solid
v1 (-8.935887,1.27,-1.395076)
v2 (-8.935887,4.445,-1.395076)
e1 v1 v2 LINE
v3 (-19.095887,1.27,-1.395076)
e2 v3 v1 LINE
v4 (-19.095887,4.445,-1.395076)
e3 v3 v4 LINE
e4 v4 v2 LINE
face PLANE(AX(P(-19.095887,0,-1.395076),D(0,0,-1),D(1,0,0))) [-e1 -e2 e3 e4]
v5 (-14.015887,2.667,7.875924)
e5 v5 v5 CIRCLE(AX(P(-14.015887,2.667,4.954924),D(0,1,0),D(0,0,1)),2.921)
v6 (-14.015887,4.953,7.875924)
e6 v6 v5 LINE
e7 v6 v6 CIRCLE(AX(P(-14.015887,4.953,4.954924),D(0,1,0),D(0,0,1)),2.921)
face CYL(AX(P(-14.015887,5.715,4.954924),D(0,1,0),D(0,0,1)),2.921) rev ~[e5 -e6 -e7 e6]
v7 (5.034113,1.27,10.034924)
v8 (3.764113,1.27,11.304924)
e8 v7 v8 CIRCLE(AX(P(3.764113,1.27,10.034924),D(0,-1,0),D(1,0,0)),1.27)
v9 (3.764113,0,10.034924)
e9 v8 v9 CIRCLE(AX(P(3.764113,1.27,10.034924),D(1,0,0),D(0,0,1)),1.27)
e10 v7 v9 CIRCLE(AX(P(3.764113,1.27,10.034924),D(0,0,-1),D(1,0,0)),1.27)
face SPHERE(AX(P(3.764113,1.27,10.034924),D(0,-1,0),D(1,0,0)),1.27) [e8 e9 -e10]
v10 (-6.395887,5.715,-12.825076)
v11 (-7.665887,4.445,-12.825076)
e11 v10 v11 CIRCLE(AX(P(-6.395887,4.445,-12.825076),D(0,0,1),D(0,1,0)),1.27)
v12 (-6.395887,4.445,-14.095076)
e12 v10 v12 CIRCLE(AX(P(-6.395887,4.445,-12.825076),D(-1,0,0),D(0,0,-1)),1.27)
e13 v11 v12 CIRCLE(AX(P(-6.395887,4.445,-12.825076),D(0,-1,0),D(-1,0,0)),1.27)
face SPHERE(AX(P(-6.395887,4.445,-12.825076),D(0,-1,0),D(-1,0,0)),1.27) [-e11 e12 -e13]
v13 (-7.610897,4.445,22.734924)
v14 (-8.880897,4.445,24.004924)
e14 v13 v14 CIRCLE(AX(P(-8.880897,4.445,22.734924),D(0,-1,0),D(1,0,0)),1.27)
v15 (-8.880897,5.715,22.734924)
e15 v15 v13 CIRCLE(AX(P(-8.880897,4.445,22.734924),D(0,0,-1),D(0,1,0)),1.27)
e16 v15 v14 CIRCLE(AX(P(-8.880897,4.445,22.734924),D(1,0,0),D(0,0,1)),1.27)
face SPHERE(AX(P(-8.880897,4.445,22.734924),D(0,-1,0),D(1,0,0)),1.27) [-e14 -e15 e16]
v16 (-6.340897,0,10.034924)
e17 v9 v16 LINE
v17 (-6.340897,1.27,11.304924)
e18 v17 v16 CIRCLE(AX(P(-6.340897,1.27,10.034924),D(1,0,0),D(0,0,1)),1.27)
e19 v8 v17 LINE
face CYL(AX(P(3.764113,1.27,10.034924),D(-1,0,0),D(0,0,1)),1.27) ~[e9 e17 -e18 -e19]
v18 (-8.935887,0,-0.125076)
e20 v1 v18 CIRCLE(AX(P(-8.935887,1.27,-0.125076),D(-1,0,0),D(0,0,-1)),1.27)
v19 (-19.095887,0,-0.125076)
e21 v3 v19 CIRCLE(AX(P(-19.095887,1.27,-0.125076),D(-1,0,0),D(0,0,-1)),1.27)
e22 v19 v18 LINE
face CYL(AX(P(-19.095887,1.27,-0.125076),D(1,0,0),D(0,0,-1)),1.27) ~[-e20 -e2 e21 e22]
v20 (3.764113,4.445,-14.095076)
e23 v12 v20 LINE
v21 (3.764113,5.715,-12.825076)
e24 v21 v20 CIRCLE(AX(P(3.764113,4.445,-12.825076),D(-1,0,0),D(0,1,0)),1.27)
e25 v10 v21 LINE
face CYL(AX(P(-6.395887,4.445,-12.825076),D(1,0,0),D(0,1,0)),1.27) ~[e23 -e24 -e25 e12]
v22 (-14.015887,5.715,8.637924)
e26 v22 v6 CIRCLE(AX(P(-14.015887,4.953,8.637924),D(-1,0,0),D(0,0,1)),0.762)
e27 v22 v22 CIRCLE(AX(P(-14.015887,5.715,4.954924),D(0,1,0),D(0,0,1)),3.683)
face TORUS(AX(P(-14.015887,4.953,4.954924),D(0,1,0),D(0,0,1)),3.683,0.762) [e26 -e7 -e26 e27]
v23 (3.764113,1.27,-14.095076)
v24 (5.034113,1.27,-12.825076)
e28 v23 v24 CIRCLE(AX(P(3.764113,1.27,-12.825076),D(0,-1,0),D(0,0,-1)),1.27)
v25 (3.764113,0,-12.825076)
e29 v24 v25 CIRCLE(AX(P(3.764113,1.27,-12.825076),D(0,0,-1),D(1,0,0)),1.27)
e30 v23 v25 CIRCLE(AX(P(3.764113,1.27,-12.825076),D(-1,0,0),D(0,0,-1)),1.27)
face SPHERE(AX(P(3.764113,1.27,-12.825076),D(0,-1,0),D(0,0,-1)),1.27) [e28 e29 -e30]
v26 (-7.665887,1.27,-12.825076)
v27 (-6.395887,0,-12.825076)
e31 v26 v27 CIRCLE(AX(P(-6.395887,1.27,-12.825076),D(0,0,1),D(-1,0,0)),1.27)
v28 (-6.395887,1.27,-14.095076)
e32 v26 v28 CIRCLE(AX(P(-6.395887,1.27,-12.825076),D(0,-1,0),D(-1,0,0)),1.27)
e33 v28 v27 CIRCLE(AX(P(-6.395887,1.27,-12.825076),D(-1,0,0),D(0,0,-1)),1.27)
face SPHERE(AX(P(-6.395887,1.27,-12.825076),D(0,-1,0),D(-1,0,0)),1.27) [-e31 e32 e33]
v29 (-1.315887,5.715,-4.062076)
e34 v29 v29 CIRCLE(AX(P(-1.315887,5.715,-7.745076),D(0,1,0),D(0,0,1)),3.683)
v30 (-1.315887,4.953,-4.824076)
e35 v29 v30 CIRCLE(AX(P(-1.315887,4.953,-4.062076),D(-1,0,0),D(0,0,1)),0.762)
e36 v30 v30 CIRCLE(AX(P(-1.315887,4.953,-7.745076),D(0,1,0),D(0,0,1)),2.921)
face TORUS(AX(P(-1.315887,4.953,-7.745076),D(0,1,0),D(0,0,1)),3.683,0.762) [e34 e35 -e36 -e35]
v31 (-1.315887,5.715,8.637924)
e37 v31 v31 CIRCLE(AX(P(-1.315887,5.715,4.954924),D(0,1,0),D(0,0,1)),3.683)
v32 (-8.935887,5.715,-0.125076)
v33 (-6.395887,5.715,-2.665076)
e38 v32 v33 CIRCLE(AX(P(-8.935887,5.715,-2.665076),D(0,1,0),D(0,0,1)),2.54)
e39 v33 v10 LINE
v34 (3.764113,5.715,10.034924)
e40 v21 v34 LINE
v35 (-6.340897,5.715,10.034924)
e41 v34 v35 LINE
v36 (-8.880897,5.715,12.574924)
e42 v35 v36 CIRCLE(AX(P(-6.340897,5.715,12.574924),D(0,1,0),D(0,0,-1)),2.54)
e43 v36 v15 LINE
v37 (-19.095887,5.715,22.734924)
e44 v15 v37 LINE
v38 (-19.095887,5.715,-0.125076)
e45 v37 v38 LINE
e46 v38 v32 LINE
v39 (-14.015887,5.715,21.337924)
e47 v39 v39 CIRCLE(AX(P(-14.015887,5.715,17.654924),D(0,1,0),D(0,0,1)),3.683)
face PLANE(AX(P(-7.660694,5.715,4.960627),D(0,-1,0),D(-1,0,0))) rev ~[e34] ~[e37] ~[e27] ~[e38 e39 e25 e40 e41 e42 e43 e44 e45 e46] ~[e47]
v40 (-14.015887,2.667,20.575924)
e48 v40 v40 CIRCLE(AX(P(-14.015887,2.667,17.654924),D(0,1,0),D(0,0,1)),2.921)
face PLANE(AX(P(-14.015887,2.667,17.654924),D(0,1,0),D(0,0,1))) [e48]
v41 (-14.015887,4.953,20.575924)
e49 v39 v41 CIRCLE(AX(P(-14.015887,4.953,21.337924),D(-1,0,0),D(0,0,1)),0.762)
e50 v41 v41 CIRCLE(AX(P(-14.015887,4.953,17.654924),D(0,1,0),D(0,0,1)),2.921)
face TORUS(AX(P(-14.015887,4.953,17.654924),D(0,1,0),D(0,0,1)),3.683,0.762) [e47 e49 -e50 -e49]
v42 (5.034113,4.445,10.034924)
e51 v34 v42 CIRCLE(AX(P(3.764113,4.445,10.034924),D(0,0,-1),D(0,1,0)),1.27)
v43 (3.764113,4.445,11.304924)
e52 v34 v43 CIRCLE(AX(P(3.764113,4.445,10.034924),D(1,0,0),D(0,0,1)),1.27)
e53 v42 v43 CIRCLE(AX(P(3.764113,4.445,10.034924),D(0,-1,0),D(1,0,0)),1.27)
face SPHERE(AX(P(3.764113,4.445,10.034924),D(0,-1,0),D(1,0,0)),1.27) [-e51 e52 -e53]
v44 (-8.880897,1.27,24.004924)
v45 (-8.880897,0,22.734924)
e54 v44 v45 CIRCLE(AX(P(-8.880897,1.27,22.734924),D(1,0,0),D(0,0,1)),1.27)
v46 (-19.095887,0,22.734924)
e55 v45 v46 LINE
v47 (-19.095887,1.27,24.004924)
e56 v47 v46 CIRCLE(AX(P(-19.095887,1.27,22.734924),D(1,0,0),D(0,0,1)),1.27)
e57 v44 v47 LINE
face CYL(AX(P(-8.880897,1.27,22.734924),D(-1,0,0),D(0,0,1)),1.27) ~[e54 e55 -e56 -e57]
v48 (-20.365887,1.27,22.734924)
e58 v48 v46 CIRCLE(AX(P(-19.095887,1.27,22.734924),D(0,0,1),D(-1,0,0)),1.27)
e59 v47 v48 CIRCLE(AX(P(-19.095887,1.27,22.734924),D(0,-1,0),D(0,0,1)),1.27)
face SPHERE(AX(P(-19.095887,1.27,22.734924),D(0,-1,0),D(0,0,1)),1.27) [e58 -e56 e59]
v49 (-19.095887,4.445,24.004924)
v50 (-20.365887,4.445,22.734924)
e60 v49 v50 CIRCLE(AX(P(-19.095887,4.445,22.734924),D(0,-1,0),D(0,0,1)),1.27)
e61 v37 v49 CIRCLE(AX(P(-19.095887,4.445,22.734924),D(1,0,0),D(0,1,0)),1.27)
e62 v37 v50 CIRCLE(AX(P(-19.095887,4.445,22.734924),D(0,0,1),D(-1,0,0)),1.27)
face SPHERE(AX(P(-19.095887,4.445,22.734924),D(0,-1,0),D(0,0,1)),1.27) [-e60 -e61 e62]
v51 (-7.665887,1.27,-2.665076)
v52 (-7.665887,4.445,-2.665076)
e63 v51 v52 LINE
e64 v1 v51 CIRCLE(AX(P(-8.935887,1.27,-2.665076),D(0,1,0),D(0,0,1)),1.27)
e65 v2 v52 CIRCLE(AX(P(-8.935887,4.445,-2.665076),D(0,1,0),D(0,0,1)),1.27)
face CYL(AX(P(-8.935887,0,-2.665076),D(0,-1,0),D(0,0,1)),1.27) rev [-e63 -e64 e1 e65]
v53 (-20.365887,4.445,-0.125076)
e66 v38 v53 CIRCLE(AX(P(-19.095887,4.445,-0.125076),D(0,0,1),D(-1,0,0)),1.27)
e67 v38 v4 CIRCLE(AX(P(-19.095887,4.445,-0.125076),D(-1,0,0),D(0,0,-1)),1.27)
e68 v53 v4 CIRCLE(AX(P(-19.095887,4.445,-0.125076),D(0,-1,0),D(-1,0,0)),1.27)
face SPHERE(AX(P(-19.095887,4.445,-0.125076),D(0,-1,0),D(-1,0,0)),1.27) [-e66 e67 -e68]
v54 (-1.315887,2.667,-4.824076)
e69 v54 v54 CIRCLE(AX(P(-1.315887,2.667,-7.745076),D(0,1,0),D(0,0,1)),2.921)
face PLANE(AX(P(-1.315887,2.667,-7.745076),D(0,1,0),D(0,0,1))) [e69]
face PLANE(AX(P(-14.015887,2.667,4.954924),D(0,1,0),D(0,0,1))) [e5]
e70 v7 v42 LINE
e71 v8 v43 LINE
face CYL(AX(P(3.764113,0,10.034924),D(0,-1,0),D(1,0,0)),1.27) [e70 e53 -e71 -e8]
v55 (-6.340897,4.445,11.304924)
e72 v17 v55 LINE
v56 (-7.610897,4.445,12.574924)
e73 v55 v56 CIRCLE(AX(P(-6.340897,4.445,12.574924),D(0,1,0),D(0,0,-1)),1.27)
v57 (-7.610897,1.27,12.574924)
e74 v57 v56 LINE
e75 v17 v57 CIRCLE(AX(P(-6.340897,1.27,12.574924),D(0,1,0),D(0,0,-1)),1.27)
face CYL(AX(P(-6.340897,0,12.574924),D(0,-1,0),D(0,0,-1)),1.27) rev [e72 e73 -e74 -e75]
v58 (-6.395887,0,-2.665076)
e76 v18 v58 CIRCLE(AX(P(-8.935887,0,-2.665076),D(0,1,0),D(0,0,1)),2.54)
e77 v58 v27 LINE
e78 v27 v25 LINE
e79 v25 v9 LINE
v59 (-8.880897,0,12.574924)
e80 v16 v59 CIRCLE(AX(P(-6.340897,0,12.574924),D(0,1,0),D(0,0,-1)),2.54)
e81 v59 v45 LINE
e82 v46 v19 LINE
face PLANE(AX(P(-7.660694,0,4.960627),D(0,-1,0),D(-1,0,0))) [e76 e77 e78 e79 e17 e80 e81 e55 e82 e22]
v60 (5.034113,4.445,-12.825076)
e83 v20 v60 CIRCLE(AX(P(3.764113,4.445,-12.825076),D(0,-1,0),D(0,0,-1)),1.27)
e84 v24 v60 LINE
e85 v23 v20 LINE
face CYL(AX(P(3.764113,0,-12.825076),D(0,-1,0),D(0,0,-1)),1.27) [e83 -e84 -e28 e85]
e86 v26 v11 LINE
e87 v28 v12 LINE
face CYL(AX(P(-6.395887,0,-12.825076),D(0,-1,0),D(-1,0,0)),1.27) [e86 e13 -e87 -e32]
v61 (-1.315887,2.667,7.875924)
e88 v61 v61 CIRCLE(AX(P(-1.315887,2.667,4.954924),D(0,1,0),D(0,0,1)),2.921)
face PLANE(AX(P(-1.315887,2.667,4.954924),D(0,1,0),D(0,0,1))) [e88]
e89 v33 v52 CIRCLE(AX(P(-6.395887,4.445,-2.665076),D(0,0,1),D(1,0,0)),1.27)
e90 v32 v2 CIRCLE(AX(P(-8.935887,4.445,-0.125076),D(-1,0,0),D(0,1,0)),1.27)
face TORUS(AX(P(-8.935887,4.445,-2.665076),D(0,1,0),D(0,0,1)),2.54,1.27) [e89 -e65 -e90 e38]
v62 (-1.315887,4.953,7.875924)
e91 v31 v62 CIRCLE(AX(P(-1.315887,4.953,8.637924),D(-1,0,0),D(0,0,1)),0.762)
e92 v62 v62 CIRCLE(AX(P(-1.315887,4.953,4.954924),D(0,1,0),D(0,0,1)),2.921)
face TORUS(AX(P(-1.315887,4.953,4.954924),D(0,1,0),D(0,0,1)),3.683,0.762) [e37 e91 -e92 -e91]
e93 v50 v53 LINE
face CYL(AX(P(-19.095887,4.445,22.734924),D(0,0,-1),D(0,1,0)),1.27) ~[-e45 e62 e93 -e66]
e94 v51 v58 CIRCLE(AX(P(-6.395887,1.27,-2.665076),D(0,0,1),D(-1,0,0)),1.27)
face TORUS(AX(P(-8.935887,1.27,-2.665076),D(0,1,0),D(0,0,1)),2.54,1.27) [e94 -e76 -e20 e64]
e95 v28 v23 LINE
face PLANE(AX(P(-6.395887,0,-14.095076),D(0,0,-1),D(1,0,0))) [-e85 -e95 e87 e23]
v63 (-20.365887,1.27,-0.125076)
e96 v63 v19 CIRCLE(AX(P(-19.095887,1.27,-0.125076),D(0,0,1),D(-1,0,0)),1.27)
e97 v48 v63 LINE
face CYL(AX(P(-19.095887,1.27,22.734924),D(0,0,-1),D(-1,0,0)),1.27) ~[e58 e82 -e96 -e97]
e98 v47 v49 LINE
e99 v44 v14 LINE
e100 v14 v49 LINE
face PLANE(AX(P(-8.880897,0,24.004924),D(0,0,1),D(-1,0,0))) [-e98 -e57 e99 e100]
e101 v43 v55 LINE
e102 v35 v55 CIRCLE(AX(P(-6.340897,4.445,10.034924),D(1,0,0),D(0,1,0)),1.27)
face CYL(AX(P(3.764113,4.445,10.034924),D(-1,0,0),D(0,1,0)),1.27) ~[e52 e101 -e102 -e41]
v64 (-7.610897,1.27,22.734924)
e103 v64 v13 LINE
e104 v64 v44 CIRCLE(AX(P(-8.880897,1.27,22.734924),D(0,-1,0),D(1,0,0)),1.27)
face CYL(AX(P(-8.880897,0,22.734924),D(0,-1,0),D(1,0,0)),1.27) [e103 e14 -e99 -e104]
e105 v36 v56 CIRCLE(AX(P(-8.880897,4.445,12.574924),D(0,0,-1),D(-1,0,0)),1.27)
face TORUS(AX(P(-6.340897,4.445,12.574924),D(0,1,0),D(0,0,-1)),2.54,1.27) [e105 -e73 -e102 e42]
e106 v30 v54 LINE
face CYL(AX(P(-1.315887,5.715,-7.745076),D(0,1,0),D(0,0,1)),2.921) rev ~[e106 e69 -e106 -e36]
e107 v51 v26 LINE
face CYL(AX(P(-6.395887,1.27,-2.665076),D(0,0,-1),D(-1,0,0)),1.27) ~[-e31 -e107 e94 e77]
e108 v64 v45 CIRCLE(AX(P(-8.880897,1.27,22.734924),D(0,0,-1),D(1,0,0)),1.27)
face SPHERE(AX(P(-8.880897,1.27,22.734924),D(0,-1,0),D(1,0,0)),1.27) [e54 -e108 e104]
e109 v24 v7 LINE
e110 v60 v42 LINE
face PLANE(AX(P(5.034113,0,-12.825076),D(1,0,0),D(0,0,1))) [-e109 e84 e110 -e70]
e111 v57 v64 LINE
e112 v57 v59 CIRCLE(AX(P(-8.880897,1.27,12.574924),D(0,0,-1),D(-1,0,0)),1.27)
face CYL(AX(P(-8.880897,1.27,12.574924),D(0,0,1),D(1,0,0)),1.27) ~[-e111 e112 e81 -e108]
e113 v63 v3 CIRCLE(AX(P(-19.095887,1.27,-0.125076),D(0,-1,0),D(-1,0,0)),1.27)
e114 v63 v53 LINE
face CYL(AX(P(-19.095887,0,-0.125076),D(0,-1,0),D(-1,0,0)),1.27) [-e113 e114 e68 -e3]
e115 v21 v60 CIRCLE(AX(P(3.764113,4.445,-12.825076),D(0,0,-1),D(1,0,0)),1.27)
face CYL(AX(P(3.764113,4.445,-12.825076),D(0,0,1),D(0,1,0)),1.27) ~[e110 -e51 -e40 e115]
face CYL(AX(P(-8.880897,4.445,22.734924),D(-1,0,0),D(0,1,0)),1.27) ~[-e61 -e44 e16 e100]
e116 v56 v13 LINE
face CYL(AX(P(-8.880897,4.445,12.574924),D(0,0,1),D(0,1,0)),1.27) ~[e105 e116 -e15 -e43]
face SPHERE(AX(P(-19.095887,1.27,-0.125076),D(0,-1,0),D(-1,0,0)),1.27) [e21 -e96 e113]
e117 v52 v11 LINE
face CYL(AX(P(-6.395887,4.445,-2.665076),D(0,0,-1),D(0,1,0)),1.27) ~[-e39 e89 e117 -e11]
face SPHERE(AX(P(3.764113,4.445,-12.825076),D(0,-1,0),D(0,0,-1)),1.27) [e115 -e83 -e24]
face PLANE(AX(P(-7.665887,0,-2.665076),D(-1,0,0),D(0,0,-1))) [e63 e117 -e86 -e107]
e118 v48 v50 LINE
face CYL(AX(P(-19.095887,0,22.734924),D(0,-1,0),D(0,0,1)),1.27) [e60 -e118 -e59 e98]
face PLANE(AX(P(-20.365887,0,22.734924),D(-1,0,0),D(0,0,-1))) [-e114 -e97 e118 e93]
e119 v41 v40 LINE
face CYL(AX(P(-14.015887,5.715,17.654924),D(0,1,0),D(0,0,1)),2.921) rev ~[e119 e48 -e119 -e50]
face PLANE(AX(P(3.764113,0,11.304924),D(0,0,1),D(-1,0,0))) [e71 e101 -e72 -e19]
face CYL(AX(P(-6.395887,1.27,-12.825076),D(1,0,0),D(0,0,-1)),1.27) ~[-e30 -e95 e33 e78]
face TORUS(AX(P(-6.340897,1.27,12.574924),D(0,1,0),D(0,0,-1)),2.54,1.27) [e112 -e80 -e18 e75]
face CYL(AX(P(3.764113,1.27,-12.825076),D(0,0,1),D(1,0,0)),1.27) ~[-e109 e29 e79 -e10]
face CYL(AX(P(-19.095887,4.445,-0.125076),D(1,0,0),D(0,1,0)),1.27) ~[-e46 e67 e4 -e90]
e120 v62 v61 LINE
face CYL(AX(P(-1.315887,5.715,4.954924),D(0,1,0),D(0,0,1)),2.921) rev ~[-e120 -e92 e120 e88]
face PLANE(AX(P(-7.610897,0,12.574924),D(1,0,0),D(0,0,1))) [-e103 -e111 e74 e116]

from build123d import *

# Parameters (mm, degrees)
BOSS_EXTRUDE1_DEPTH = 5.715
SKETCH2_R           = 2.921
CUT_EXTRUDE1_DEPTH  = 3.048
FILLET1_R           = 1.27
FILLET2_R           = 1.27
FILLET3_R           = 0.762


with BuildPart() as part:
    # Sketch1 → Boss-Extrude1 (new body)
    with BuildSketch(Plane(origin=(0, 0, 0), x_dir=(1, 0, 0), z_dir=(0, 1, 0))):
        with BuildLine():
            Line((-7.665886605, 2.665075851), (-7.665886605, 12.825075851))
            ThreePointArc((-7.665886605, 12.825075851), (-7.293912217, 13.723101463), (-6.395886605, 14.095075851))
            Line((-6.395886605, 14.095075851), (3.764113395, 14.095075851))
            ThreePointArc((3.764113395, 14.095075851), (4.662139007, 13.723101463), (5.034113395, 12.825075851))
            Line((5.034113395, 12.825075851), (5.034113395, -10.034924149))
            ThreePointArc((5.034113395, -10.034924149), (4.662139007, -10.932949761), (3.764113395, -11.304924149))
            Line((3.764113395, -11.304924149), (-6.340896914, -11.304924149))
            ThreePointArc((-6.340896914, -11.304924149), (-7.238922526, -11.676898537), (-7.610896914, -12.574924149))
            Line((-7.610896914, -12.574924149), (-7.610896914, -22.734924149))
            ThreePointArc((-7.610896914, -22.734924149), (-7.982871302, -23.632949761), (-8.880896914, -24.004924149))
            Line((-8.880896914, -24.004924149), (-19.095886605, -24.004924149))
            ThreePointArc((-19.095886605, -24.004924149), (-19.993912217, -23.632949761), (-20.365886605, -22.734924149))
            Line((-20.365886605, -22.734924149), (-20.365886605, 0.125075851))
            ThreePointArc((-20.365886605, 0.125075851), (-19.993912217, 1.023101463), (-19.095886605, 1.395075851))
            Line((-19.095886605, 1.395075851), (-8.935886605, 1.395075851))
            ThreePointArc((-8.935886605, 1.395075851), (-8.037860993, 1.767050239), (-7.665886605, 2.665075851))
        make_face()
    extrude(amount=BOSS_EXTRUDE1_DEPTH)

    # Sketch2 → Cut-Extrude1 (cut)
    with BuildSketch(Plane(origin=(0, 5.715, 0), x_dir=(1, 0, 0), z_dir=(0, 1, 0))):
        with Locations(Location((-1.315886605, 7.745075851, 0), (0, 0, 270))):
            Circle(SKETCH2_R)
        with Locations(Location((-14.015886605, -4.954924149, 0), (0, 0, 270))):
            Circle(SKETCH2_R)
        with Locations(Location((-14.015886605, -17.654924149, 0), (0, 0, 270))):
            Circle(SKETCH2_R)
        with Locations(Location((-1.315886605, -4.954924149, 0), (0, 0, 270))):
            Circle(SKETCH2_R)
    extrude(amount=-CUT_EXTRUDE1_DEPTH, mode=Mode.SUBTRACT)

    # Fillet1
    fillet1_edges = [part.edges().sort_by_distance(p)[0] for p in [
        (-19.993912217, 5.715, -1.023101463),
        (-20.365886605, 5.715, 11.304924149),
        (-19.993912217, 5.715, 23.632949761),
        (-13.988391759, 5.715, 24.004924149),
        (-7.982871302, 5.715, 23.632949761),
        (-7.610896914, 5.715, 17.654924149),
        (-7.238922526, 5.715, 11.676898537),
        (-1.288391759, 5.715, 11.304924149),
        (4.662139007, 5.715, 10.932949761),
        (5.034113395, 5.715, -1.395075851),
        (-8.037860993, 5.715, -1.767050239),
        (4.662139007, 5.715, -13.723101463),
        (-1.315886605, 5.715, -14.095075851),
        (-7.293912217, 5.715, -13.723101463),
        (-7.665886605, 5.715, -7.745075851),
        (-14.015886605, 5.715, -1.395075851),
    ]]
    fillet(fillet1_edges, radius=FILLET1_R)

    # Fillet2
    fillet2_edges = [part.edges().sort_by_distance(p)[0] for p in [
        (-7.665886605, 0, -7.745075851),
        (-7.293912217, 0, -13.723101463),
        (-1.315886605, 0, -14.095075851),
        (4.662139007, 0, -13.723101463),
        (5.034113395, 0, -1.395075851),
        (4.662139007, 0, 10.932949761),
        (-1.288391759, 0, 11.304924149),
        (-7.238922526, 0, 11.676898537),
        (-7.610896914, 0, 17.654924149),
        (-7.982871302, 0, 23.632949761),
        (-13.988391759, 0, 24.004924149),
        (-19.993912217, 0, 23.632949761),
        (-20.365886605, 0, 11.304924149),
        (-19.993912217, 0, -1.023101463),
        (-14.015886605, 0, -1.395075851),
        (-8.037860993, 0, -1.767050239),
    ]]
    fillet(fillet2_edges, radius=FILLET2_R)

    # Fillet3
    fillet3_edges = [part.edges().sort_by_distance(p)[0] for p in [
        (-1.315886605, 5.715, -10.666075851),
        (-14.015886605, 5.715, 2.033924149),
        (-14.015886605, 5.715, 14.733924149),
        (-1.315886605, 5.715, 2.033924149),
    ]]
    fillet(fillet3_edges, radius=FILLET3_R)


solid = part.part
